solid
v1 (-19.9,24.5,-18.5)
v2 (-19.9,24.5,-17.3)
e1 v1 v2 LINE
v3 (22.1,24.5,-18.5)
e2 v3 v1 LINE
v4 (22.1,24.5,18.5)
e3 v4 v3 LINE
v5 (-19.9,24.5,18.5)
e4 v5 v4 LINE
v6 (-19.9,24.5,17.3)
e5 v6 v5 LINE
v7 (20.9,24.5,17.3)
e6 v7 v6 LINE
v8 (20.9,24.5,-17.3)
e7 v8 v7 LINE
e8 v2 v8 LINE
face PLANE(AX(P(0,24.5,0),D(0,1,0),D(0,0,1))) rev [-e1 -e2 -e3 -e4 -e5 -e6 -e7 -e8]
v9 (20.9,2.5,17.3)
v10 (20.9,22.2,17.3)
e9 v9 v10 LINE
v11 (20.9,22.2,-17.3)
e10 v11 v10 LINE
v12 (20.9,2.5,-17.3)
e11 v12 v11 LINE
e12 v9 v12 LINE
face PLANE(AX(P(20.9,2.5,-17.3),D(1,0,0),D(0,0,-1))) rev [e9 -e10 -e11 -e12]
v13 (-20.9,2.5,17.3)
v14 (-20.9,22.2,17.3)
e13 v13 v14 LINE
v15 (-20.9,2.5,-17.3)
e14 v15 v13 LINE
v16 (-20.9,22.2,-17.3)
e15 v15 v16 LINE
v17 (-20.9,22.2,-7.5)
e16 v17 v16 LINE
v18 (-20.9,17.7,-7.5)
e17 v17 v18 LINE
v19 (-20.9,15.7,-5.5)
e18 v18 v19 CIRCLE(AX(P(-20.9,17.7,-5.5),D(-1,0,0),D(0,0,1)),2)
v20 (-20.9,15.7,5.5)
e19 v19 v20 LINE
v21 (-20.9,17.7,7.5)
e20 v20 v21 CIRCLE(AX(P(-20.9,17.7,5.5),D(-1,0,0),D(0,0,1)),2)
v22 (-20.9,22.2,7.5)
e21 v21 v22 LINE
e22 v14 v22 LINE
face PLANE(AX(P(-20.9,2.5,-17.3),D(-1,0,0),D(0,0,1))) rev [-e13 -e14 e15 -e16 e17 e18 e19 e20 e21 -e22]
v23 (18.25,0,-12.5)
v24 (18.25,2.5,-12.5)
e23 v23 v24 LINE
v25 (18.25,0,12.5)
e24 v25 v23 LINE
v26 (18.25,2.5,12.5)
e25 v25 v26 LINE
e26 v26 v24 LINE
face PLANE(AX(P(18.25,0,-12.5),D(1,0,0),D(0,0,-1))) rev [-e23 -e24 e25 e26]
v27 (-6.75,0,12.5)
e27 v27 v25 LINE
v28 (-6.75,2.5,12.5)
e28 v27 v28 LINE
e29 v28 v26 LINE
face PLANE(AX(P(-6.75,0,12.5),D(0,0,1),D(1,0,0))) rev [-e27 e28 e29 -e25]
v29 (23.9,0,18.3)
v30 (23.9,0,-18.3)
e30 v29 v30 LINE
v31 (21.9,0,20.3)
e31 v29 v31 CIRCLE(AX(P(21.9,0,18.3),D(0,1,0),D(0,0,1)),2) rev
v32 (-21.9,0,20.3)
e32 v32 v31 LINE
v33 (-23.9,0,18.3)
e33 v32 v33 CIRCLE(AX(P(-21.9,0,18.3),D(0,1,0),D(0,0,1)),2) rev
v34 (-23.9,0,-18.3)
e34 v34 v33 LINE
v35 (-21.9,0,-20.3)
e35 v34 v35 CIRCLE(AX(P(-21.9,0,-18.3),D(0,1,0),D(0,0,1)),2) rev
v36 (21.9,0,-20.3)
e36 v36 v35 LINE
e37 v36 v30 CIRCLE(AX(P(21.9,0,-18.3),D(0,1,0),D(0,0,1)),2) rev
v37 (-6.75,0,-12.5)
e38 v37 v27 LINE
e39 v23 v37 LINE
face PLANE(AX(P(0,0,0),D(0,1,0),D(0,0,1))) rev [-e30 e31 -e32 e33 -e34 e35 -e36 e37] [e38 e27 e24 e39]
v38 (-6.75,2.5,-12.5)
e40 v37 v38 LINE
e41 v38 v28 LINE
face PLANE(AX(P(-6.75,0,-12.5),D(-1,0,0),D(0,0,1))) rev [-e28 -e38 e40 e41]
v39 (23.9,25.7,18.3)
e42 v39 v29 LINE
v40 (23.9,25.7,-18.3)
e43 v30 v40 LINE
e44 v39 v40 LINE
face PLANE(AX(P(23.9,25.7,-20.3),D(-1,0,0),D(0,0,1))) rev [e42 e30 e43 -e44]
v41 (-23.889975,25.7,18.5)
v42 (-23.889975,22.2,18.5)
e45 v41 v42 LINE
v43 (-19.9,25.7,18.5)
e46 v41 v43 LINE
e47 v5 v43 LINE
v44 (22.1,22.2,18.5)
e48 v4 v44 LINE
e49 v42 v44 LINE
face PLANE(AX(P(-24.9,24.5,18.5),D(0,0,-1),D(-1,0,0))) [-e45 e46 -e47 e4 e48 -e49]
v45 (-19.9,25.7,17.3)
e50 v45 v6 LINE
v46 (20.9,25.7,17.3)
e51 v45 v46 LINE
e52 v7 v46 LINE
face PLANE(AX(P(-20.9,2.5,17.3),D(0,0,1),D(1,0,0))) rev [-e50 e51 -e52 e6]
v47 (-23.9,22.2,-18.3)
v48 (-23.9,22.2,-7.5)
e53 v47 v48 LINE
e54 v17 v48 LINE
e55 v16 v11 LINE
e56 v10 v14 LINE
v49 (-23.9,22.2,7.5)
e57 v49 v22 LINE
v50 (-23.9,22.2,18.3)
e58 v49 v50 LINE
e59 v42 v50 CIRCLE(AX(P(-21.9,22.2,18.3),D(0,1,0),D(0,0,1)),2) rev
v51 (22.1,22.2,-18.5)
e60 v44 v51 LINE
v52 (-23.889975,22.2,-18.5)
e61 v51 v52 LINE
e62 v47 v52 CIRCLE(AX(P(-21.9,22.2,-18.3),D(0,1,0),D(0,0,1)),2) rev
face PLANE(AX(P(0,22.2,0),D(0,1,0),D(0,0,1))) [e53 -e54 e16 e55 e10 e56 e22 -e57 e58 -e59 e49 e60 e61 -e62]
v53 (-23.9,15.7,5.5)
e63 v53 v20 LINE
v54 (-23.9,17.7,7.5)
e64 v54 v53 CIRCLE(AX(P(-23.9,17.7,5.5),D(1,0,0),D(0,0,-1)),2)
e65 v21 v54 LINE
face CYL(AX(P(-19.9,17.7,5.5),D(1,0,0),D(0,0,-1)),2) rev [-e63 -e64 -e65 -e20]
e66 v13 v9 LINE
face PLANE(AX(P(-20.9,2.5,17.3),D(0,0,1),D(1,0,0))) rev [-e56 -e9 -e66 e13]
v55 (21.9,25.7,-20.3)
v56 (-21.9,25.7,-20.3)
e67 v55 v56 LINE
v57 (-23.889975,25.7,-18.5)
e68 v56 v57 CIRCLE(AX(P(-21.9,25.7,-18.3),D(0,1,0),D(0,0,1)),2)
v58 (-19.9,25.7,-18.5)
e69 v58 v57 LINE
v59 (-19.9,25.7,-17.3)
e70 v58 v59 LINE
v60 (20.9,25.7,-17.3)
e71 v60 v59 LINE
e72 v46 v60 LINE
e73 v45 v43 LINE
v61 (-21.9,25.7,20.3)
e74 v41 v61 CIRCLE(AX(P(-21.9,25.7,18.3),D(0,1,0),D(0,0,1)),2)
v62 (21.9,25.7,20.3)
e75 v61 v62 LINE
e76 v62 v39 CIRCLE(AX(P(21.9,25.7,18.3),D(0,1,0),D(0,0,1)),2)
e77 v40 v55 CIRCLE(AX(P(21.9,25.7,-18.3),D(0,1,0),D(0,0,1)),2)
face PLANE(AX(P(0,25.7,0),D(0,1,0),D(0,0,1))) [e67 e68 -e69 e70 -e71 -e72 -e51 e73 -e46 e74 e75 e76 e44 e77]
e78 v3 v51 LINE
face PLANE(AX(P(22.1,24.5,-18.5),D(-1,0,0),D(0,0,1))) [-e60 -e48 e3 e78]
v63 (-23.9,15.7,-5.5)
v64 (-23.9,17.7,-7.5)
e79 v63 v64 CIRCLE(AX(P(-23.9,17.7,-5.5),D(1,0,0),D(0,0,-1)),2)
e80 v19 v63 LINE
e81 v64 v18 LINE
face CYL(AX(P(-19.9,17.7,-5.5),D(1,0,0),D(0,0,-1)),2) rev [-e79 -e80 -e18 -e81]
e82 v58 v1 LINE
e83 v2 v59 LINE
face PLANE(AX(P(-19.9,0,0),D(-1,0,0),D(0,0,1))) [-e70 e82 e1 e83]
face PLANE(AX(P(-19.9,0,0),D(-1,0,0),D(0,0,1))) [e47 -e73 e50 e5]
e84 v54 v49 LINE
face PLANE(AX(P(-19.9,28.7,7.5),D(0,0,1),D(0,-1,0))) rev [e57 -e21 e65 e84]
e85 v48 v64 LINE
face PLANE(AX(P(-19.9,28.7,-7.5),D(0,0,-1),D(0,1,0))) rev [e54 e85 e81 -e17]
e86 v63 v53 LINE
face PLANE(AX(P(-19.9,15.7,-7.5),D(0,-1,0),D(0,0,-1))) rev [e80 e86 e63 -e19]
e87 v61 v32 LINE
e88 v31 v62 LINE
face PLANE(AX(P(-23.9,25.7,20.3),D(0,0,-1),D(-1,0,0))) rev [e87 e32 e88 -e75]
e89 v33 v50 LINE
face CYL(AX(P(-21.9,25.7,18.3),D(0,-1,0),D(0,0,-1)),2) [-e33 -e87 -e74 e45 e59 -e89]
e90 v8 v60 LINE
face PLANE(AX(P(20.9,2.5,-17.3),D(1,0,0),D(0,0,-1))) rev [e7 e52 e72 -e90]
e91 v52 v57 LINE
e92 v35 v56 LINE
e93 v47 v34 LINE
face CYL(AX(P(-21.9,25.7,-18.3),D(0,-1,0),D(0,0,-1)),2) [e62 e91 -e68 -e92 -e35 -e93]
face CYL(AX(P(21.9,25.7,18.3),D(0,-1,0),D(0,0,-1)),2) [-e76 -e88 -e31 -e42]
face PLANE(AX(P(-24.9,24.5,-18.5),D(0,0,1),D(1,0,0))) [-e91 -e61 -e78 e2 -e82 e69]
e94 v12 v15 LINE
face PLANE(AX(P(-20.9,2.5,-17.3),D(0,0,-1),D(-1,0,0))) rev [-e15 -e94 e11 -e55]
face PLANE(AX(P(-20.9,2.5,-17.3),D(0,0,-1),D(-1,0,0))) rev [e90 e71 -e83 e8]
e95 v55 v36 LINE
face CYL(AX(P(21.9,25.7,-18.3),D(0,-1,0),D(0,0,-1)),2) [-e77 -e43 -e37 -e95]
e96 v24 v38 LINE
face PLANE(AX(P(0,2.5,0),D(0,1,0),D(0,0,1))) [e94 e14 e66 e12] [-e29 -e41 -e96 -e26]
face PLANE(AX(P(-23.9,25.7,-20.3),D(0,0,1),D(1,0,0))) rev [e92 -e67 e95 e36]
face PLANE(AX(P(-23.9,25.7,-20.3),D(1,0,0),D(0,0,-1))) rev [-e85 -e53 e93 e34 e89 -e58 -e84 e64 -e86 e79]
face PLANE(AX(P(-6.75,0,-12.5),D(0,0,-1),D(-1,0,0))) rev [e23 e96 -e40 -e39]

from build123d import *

# Parameters (mm, degrees)
SKETCH1_W           = 47.8
SKETCH1_H           = 40.6
BOSS_EXTRUDE1_DEPTH = 25.7
SKETCH2_W           = 41.8
SKETCH2_H           = 34.6
CUT_EXTRUDE1_DEPTH  = 23.2
FILLET1_R           = 2
SKETCH3_W           = 25
SKETCH3_H           = 25
CUT_EXTRUDE2_DEPTH  = 40.006922463
CUT_EXTRUDE3_START  = 22.2
SKETCH4_W           = 47
SKETCH4_H           = 37
CUT_EXTRUDE3_DEPTH  = 2.3
SKETCH6_W           = 37
SKETCH6_H           = 3.5
CUT_EXTRUDE4_DEPTH  = 4
SKETCH7_W           = 15
SKETCH7_H           = 13
CUT_EXTRUDE5_DEPTH  = 4
FILLET2_R           = 2


with BuildPart() as part:
    # Sketch1 → Boss-Extrude1 (new body)
    with BuildSketch(Plane(origin=(0, 0, 0), x_dir=(1, 0, 0), z_dir=(0, 1, 0))):
        Rectangle(SKETCH1_W, SKETCH1_H)
    extrude(amount=BOSS_EXTRUDE1_DEPTH)

    # Sketch2 → Cut-Extrude1 (cut)
    with BuildSketch(Plane(origin=(0, 25.7, 0), x_dir=(1, 0, 0), z_dir=(0, 1, 0))):
        Rectangle(SKETCH2_W, SKETCH2_H)
    extrude(amount=-CUT_EXTRUDE1_DEPTH, mode=Mode.SUBTRACT)

    # Fillet1
    fillet1_edges = [part.edges().sort_by_distance(p)[0] for p in [
        (23.9, 12.85, 20.3),
        (-23.9, 12.85, 20.3),
        (-23.9, 12.85, -20.3),
        (23.9, 12.85, -20.3),
    ]]
    fillet(fillet1_edges, radius=FILLET1_R)

    # Sketch3 → Cut-Extrude2 (cut, through all)
    with BuildSketch(Plane(origin=(0, 2.5, 0), x_dir=(1, 0, 0), z_dir=(0, 1, 0))):
        with Locations((5.75, 0)):
            Rectangle(SKETCH3_W, SKETCH3_H)
    extrude(amount=-CUT_EXTRUDE2_DEPTH, mode=Mode.SUBTRACT)

    # Sketch4 → Cut-Extrude3 (cut)
    with BuildSketch(Plane(origin=(0, 0, 0), x_dir=(1, 0, 0), z_dir=(0, 1, 0)).offset(CUT_EXTRUDE3_START)):
        with Locations((-1.4, 0)):
            Rectangle(SKETCH4_W, SKETCH4_H)
    extrude(amount=CUT_EXTRUDE3_DEPTH, mode=Mode.SUBTRACT)

    # Sketch6 → Cut-Extrude4 (cut)
    with BuildSketch(Plane.ZY.offset(23.9)):
        with Locations((0, 25.7)):
            Rectangle(SKETCH6_W, SKETCH6_H)
    extrude(amount=-CUT_EXTRUDE4_DEPTH, mode=Mode.SUBTRACT)

    # Sketch7 → Cut-Extrude5 (cut)
    with BuildSketch(Plane.ZY.offset(23.9)):
        with Locations((0, 22.2)):
            Rectangle(SKETCH7_W, SKETCH7_H)
    extrude(amount=-CUT_EXTRUDE5_DEPTH, mode=Mode.SUBTRACT)

    # Fillet2
    fillet2_edges = [part.edges().sort_by_distance(p)[0] for p in [
        (-22.4, 15.7, 7.5),
        (-22.4, 15.7, -7.5),
    ]]
    fillet(fillet2_edges, radius=FILLET2_R)


solid = part.part
